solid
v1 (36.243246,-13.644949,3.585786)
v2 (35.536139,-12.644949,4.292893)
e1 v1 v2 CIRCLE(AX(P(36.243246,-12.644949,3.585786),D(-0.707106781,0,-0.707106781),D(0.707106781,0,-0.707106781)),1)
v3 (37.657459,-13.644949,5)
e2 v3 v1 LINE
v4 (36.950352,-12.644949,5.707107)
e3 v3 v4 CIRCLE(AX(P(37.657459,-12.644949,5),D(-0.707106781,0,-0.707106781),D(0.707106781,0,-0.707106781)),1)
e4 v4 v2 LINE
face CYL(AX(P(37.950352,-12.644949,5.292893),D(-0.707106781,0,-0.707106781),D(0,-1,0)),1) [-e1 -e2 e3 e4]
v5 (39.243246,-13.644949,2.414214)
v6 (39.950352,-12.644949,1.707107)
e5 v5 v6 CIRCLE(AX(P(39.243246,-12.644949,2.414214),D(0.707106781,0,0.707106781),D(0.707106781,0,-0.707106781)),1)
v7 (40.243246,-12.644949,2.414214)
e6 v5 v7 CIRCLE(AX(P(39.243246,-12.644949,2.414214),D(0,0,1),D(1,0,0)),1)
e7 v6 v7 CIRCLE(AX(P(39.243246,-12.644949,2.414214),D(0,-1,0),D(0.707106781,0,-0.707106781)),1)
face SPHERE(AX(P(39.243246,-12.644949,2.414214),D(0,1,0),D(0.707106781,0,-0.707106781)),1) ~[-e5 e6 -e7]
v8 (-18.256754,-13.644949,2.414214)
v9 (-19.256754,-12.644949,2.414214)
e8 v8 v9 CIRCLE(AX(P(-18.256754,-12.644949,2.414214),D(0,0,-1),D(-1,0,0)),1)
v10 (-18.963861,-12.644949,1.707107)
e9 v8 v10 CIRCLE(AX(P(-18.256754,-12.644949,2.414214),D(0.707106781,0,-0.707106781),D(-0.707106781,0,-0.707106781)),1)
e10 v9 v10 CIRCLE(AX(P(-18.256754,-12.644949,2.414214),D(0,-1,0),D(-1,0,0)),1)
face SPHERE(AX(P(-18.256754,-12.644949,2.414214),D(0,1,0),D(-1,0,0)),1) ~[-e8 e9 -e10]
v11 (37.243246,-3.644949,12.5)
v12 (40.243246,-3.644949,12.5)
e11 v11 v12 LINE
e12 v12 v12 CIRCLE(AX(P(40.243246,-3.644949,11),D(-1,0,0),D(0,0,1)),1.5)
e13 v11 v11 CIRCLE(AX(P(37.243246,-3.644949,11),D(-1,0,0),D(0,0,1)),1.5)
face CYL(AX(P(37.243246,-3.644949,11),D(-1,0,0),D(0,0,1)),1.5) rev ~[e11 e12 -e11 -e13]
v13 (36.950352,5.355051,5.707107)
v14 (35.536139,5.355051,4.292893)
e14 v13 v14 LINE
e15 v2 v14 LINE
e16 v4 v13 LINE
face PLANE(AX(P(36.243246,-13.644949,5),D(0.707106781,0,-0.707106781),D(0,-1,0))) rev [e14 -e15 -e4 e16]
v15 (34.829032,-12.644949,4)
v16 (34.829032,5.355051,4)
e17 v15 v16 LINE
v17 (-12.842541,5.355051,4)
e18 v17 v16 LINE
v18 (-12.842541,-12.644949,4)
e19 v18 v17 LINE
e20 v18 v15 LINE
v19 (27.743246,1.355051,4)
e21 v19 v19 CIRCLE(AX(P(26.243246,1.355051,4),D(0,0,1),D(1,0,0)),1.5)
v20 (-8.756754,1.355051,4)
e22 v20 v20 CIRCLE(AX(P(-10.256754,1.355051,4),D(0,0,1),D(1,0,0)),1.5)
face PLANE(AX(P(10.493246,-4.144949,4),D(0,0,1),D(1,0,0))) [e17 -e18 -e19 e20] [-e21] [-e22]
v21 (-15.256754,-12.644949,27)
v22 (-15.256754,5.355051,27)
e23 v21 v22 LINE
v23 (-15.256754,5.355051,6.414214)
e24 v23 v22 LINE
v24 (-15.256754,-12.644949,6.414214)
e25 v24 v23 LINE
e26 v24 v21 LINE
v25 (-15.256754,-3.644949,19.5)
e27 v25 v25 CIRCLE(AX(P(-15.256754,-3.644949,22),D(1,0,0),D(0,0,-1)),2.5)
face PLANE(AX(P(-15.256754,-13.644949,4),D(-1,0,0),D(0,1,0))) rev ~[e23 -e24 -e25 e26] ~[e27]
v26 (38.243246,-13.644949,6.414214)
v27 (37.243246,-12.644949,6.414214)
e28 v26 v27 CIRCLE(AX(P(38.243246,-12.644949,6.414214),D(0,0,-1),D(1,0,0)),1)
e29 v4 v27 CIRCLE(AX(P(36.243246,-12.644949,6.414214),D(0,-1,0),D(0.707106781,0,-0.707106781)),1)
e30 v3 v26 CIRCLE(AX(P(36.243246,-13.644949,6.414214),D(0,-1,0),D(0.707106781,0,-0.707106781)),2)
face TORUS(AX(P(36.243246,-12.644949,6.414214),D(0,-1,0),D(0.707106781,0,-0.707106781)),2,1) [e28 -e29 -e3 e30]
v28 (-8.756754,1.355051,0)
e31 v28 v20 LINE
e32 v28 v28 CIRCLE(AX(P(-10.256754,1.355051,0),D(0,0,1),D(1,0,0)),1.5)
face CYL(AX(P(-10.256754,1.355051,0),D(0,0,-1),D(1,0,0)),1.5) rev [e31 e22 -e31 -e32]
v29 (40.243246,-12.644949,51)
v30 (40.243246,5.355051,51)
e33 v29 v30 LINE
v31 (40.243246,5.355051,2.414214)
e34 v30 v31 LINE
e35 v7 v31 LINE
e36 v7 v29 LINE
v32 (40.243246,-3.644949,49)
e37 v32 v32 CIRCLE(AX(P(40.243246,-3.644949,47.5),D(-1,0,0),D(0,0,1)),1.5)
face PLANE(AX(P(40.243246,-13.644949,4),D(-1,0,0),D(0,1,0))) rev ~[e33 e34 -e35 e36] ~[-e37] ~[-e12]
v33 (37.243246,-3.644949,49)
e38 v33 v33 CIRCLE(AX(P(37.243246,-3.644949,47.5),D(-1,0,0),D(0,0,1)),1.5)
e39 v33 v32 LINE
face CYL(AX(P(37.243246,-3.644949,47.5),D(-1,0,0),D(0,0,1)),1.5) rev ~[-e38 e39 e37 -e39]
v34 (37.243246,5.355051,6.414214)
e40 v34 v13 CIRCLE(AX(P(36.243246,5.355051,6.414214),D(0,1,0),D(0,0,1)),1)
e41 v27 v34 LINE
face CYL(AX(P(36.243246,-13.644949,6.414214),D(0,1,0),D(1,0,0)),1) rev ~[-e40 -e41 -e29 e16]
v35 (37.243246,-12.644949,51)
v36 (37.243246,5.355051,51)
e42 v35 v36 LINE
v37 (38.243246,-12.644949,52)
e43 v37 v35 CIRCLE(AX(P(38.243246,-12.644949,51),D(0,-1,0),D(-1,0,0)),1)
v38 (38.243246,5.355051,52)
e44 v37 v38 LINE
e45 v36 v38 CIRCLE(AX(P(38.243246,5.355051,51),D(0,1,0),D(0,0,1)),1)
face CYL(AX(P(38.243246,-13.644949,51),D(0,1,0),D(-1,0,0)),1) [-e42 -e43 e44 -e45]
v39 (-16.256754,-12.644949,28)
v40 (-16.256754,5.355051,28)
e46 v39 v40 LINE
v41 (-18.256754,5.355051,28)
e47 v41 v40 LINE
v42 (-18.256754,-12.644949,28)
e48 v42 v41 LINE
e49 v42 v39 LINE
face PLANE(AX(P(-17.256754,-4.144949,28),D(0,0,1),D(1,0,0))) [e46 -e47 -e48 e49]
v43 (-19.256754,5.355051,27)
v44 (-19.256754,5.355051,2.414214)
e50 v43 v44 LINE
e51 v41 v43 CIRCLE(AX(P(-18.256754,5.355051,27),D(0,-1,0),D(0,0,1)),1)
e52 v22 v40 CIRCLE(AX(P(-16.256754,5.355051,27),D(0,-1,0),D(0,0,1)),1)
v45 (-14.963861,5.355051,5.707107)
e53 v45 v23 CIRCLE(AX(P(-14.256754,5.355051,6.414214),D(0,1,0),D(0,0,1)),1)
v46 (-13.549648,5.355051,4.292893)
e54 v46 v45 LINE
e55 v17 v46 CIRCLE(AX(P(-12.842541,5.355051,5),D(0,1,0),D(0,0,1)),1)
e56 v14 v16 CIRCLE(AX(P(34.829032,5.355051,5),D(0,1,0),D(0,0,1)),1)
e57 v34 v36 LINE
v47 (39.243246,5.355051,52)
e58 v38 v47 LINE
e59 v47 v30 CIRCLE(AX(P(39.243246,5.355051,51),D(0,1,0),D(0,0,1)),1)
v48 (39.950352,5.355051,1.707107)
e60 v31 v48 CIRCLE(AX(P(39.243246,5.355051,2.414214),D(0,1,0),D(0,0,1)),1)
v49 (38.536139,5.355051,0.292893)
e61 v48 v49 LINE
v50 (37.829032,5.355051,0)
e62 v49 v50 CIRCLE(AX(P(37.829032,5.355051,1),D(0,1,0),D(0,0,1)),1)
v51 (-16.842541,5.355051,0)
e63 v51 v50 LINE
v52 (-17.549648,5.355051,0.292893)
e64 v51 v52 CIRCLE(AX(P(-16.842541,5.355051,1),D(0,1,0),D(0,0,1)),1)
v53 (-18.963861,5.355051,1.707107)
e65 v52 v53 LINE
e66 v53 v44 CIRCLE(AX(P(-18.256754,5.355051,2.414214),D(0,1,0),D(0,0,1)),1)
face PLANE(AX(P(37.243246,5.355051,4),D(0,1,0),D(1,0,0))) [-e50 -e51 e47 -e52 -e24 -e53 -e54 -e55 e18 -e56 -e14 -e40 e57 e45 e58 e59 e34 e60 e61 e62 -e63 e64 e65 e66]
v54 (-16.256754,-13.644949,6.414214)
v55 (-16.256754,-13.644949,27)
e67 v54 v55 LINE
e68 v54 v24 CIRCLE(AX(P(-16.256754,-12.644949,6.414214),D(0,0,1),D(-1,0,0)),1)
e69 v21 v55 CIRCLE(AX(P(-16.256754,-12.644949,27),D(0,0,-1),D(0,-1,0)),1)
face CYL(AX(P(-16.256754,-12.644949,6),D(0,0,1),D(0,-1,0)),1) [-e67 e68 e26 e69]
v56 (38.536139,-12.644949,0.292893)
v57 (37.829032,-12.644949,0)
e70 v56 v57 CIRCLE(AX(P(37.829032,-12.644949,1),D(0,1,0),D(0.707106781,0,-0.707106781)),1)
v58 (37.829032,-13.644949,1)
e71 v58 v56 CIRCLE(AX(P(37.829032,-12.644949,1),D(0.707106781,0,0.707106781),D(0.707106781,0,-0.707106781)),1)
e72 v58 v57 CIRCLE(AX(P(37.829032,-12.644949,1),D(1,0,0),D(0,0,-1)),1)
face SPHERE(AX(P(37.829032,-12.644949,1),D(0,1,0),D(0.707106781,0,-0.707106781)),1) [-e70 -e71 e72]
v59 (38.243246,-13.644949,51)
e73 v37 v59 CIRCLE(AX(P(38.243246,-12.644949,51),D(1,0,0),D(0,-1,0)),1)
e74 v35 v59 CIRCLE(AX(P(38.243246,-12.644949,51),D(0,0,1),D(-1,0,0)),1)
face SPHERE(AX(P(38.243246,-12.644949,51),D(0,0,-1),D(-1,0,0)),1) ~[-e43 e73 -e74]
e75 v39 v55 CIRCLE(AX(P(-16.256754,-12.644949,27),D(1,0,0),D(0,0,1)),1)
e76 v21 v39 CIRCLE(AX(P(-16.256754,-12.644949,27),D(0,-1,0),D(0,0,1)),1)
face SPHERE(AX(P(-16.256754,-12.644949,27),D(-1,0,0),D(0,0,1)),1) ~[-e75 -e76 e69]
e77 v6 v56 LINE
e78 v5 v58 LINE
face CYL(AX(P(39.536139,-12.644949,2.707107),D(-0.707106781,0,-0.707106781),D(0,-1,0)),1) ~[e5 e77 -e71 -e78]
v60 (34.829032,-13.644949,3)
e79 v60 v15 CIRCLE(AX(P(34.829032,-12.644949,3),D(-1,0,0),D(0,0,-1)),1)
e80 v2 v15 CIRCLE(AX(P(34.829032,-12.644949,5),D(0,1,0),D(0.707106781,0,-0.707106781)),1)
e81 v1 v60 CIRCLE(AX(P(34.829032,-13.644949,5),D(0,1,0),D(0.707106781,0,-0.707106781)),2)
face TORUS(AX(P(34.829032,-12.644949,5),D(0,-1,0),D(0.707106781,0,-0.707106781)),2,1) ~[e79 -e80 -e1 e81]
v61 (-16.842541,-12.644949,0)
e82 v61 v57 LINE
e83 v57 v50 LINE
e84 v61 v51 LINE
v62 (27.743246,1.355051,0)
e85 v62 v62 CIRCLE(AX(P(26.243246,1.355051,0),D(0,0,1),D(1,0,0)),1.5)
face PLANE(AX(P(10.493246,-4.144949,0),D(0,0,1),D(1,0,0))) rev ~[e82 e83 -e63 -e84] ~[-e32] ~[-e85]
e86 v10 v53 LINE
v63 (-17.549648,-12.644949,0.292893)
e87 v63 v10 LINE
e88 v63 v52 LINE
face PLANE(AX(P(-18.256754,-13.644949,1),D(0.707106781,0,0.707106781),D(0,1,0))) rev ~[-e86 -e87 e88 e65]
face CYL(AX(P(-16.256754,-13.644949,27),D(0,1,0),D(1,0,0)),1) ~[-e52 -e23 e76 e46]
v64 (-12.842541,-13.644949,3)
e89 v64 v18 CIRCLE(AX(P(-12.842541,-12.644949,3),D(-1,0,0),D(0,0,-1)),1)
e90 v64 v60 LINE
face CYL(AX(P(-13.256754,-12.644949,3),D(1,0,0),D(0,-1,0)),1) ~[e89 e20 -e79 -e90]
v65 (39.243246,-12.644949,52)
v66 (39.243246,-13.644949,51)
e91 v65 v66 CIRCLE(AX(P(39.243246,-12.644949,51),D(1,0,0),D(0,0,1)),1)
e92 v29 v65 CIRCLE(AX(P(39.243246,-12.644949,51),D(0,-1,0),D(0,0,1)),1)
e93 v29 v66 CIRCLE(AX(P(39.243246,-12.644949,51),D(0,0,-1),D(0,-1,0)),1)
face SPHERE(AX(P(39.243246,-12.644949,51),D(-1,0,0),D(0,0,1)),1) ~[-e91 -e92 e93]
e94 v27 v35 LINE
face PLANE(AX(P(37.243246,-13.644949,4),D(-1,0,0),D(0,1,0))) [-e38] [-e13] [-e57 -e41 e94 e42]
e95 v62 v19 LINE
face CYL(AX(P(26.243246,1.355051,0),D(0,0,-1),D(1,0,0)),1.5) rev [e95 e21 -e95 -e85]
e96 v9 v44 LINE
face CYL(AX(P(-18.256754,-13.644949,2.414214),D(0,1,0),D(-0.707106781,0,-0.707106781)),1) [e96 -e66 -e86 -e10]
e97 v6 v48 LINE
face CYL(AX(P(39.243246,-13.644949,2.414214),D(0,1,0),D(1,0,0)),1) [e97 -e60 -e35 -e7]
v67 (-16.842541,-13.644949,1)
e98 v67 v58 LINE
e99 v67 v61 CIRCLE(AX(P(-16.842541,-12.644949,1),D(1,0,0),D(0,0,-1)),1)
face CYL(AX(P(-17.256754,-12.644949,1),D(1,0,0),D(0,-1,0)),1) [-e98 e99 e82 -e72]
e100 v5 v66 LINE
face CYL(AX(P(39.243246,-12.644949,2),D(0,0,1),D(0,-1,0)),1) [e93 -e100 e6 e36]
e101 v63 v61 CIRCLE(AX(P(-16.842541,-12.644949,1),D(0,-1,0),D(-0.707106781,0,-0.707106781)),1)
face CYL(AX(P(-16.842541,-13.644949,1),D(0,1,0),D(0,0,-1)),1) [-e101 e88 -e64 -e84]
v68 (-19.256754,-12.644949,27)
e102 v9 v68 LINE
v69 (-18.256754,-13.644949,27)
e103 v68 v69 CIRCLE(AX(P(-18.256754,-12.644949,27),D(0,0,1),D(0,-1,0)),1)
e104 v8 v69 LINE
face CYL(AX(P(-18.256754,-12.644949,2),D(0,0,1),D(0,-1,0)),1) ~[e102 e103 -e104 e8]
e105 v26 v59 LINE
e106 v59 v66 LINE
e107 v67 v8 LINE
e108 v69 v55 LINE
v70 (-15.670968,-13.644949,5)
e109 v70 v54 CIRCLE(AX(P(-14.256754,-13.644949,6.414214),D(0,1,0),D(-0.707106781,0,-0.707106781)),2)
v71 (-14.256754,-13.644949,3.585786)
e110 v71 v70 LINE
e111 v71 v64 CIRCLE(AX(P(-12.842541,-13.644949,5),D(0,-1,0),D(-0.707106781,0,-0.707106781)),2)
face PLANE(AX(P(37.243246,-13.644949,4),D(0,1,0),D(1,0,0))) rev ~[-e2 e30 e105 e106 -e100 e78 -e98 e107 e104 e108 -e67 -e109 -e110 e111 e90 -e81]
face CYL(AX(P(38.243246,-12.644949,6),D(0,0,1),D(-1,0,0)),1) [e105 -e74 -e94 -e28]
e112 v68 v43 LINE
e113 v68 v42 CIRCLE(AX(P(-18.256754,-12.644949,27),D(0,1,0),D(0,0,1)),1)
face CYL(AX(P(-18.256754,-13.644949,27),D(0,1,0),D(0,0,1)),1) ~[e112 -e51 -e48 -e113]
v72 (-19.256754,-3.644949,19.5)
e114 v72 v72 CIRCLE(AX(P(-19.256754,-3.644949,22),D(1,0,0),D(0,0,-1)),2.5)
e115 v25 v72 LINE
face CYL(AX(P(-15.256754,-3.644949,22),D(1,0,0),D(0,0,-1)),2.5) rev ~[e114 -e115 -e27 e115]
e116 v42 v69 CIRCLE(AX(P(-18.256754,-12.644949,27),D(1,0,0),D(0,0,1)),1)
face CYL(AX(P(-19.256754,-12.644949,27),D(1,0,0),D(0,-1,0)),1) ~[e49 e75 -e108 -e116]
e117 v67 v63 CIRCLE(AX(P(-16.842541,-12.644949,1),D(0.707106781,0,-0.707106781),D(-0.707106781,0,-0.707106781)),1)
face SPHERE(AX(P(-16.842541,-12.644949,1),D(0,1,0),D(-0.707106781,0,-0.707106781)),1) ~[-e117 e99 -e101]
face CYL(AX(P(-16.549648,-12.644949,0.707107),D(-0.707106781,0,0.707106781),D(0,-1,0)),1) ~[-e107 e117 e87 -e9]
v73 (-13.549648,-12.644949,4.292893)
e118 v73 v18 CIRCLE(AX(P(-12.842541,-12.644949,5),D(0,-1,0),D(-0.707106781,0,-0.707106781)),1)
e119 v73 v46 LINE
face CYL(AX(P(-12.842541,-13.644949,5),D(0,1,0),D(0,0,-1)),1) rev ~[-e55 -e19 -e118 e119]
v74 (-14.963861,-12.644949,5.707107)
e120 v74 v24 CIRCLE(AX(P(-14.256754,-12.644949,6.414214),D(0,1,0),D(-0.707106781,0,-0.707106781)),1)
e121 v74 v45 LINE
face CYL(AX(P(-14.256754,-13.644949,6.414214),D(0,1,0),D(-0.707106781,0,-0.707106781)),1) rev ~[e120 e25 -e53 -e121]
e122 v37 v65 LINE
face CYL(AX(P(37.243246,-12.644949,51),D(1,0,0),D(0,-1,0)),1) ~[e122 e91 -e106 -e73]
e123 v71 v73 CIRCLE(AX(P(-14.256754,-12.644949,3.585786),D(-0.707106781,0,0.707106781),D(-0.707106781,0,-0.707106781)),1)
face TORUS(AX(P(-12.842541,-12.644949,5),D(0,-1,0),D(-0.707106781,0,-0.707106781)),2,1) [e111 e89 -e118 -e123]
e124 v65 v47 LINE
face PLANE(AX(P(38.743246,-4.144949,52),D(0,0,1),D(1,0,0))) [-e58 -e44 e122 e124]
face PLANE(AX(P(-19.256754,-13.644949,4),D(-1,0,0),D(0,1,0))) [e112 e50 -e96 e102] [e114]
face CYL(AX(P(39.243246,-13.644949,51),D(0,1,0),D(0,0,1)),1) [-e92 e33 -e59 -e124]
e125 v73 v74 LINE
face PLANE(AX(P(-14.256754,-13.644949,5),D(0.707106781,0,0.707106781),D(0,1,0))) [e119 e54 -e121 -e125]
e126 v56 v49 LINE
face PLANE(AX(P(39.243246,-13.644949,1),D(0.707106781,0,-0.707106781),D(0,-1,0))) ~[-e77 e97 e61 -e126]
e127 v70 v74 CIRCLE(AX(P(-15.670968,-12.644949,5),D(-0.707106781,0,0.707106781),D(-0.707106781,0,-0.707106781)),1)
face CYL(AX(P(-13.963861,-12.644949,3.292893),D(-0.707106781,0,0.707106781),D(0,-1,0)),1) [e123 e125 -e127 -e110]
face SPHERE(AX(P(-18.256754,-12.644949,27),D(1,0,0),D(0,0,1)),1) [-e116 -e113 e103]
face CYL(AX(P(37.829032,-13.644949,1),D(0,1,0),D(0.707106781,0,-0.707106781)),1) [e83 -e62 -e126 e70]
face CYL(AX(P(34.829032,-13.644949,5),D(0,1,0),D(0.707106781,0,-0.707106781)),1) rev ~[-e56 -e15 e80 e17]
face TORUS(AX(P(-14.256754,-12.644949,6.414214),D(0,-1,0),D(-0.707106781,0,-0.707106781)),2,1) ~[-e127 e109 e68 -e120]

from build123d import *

# Parameters (mm, degrees)
SKETCH_1_W          = 59.5
SKETCH_1_H          = 19
SKETCH_1_R          = 1.5
EXTRUDE_1_DEPTH     = 4
SKETCH_2_W          = 4
SKETCH_2_H          = 19
EXTRUDE_2_DEPTH     = 24
SKETCH_3_W          = 3
SKETCH_3_H          = 19
EXTRUDE_3_DEPTH     = 48
SKETCH_4_R          = 2.5
CUT_EXTRUDE_1_DEPTH = 48
SKETCH_5_R          = 1.5
CUT_EXTRUDE_2_DEPTH = 48
CHAMFER_1_SIZE      = 2
FILLET_1_R          = 1


with BuildPart() as part:
    # 草图1 → 凸台-拉伸1 (new body)
    with BuildSketch(Plane.XY):
        with Locations((10.493245584, -4.144948765)):
            Rectangle(SKETCH_1_W, SKETCH_1_H)
        with Locations((-10.256754416, 1.355051235)):
            Circle(SKETCH_1_R, mode=Mode.SUBTRACT)
        with Locations((26.243245584, 1.355051235)):
            Circle(SKETCH_1_R, mode=Mode.SUBTRACT)
    extrude(amount=EXTRUDE_1_DEPTH)

    # 草图2 → 凸台-拉伸2 (add)
    with BuildSketch(Plane.XY.offset(4)):
        with Locations((-17.256754416, -4.144948765)):
            Rectangle(SKETCH_2_W, SKETCH_2_H)
    extrude(amount=EXTRUDE_2_DEPTH)

    # 草图3 → 凸台-拉伸3 (add)
    with BuildSketch(Plane.XY.offset(4)):
        with Locations((38.743245584, -4.144948765)):
            Rectangle(SKETCH_3_W, SKETCH_3_H)
    extrude(amount=EXTRUDE_3_DEPTH)

    # 草图4 → 切除-拉伸1 (cut)
    with BuildSketch(Plane(origin=(-15.256754416, 0, 0), x_dir=(0, 0, -1), z_dir=(1, 0, 0))):
        with Locations((-22, -3.644948765)):
            Circle(SKETCH_4_R)
    extrude(amount=-CUT_EXTRUDE_1_DEPTH, mode=Mode.SUBTRACT)

    # 草图5 → 切除-拉伸2 (cut)
    with BuildSketch(Plane.ZY.offset(-37.243245584)):
        with Locations((11, -3.644948765)):
            Circle(SKETCH_5_R)
        with Locations((47.5, -3.644948765)):
            Circle(SKETCH_5_R)
    extrude(amount=-CUT_EXTRUDE_2_DEPTH, mode=Mode.SUBTRACT)

    # 倒角1
    chamfer_1_edges = [part.edges().sort_by_distance(p)[0] for p in [
        (-15.256754416, -4.144948765, 4),
        (37.243245584, -4.144948765, 4),
        (-19.256754416, -4.144948765, 0),
        (40.243245584, -4.144948765, 0),
    ]]
    chamfer(chamfer_1_edges, length=CHAMFER_1_SIZE)

    # 圆角1
    fillet_1_edges = [part.edges().sort_by_distance(p)[0] for p in [
        (-17.256754416, -13.644948765, 28),
        (-15.256754416, -4.144948765, 28),
        (-15.256754416, -13.644948765, 17),
        (-19.256754416, -4.144948765, 28),
        (37.243245584, -13.644948765, 29),
        (37.243245584, -4.144948765, 52),
        (38.743245584, -13.644948765, 52),
        (40.243245584, -4.144948765, 52),
        (40.243245584, -4.144948765, 2),
        (10.493245584, -13.644948765, 0),
        (-17.256754416, -4.144948765, 0),
        (38.243245584, -4.144948765, 0),
        (10.993245584, -13.644948765, 4),
        (-18.256754416, -13.644948765, 1),
        (39.243245584, -13.644948765, 1),
        (-19.256754416, -4.144948765, 2),
        (37.243245584, -4.144948765, 6),
        (-13.256754416, -4.144948765, 4),
        (35.243245584, -4.144948765, 4),
        (-15.256754416, -4.144948765, 6),
        (40.243245584, -13.644948765, 27),
        (36.243245584, -13.644948765, 5),
        (-19.256754416, -13.644948765, 15),
        (-14.256754416, -13.644948765, 5),
    ]]
    fillet(fillet_1_edges, radius=FILLET_1_R)


solid = part.part
